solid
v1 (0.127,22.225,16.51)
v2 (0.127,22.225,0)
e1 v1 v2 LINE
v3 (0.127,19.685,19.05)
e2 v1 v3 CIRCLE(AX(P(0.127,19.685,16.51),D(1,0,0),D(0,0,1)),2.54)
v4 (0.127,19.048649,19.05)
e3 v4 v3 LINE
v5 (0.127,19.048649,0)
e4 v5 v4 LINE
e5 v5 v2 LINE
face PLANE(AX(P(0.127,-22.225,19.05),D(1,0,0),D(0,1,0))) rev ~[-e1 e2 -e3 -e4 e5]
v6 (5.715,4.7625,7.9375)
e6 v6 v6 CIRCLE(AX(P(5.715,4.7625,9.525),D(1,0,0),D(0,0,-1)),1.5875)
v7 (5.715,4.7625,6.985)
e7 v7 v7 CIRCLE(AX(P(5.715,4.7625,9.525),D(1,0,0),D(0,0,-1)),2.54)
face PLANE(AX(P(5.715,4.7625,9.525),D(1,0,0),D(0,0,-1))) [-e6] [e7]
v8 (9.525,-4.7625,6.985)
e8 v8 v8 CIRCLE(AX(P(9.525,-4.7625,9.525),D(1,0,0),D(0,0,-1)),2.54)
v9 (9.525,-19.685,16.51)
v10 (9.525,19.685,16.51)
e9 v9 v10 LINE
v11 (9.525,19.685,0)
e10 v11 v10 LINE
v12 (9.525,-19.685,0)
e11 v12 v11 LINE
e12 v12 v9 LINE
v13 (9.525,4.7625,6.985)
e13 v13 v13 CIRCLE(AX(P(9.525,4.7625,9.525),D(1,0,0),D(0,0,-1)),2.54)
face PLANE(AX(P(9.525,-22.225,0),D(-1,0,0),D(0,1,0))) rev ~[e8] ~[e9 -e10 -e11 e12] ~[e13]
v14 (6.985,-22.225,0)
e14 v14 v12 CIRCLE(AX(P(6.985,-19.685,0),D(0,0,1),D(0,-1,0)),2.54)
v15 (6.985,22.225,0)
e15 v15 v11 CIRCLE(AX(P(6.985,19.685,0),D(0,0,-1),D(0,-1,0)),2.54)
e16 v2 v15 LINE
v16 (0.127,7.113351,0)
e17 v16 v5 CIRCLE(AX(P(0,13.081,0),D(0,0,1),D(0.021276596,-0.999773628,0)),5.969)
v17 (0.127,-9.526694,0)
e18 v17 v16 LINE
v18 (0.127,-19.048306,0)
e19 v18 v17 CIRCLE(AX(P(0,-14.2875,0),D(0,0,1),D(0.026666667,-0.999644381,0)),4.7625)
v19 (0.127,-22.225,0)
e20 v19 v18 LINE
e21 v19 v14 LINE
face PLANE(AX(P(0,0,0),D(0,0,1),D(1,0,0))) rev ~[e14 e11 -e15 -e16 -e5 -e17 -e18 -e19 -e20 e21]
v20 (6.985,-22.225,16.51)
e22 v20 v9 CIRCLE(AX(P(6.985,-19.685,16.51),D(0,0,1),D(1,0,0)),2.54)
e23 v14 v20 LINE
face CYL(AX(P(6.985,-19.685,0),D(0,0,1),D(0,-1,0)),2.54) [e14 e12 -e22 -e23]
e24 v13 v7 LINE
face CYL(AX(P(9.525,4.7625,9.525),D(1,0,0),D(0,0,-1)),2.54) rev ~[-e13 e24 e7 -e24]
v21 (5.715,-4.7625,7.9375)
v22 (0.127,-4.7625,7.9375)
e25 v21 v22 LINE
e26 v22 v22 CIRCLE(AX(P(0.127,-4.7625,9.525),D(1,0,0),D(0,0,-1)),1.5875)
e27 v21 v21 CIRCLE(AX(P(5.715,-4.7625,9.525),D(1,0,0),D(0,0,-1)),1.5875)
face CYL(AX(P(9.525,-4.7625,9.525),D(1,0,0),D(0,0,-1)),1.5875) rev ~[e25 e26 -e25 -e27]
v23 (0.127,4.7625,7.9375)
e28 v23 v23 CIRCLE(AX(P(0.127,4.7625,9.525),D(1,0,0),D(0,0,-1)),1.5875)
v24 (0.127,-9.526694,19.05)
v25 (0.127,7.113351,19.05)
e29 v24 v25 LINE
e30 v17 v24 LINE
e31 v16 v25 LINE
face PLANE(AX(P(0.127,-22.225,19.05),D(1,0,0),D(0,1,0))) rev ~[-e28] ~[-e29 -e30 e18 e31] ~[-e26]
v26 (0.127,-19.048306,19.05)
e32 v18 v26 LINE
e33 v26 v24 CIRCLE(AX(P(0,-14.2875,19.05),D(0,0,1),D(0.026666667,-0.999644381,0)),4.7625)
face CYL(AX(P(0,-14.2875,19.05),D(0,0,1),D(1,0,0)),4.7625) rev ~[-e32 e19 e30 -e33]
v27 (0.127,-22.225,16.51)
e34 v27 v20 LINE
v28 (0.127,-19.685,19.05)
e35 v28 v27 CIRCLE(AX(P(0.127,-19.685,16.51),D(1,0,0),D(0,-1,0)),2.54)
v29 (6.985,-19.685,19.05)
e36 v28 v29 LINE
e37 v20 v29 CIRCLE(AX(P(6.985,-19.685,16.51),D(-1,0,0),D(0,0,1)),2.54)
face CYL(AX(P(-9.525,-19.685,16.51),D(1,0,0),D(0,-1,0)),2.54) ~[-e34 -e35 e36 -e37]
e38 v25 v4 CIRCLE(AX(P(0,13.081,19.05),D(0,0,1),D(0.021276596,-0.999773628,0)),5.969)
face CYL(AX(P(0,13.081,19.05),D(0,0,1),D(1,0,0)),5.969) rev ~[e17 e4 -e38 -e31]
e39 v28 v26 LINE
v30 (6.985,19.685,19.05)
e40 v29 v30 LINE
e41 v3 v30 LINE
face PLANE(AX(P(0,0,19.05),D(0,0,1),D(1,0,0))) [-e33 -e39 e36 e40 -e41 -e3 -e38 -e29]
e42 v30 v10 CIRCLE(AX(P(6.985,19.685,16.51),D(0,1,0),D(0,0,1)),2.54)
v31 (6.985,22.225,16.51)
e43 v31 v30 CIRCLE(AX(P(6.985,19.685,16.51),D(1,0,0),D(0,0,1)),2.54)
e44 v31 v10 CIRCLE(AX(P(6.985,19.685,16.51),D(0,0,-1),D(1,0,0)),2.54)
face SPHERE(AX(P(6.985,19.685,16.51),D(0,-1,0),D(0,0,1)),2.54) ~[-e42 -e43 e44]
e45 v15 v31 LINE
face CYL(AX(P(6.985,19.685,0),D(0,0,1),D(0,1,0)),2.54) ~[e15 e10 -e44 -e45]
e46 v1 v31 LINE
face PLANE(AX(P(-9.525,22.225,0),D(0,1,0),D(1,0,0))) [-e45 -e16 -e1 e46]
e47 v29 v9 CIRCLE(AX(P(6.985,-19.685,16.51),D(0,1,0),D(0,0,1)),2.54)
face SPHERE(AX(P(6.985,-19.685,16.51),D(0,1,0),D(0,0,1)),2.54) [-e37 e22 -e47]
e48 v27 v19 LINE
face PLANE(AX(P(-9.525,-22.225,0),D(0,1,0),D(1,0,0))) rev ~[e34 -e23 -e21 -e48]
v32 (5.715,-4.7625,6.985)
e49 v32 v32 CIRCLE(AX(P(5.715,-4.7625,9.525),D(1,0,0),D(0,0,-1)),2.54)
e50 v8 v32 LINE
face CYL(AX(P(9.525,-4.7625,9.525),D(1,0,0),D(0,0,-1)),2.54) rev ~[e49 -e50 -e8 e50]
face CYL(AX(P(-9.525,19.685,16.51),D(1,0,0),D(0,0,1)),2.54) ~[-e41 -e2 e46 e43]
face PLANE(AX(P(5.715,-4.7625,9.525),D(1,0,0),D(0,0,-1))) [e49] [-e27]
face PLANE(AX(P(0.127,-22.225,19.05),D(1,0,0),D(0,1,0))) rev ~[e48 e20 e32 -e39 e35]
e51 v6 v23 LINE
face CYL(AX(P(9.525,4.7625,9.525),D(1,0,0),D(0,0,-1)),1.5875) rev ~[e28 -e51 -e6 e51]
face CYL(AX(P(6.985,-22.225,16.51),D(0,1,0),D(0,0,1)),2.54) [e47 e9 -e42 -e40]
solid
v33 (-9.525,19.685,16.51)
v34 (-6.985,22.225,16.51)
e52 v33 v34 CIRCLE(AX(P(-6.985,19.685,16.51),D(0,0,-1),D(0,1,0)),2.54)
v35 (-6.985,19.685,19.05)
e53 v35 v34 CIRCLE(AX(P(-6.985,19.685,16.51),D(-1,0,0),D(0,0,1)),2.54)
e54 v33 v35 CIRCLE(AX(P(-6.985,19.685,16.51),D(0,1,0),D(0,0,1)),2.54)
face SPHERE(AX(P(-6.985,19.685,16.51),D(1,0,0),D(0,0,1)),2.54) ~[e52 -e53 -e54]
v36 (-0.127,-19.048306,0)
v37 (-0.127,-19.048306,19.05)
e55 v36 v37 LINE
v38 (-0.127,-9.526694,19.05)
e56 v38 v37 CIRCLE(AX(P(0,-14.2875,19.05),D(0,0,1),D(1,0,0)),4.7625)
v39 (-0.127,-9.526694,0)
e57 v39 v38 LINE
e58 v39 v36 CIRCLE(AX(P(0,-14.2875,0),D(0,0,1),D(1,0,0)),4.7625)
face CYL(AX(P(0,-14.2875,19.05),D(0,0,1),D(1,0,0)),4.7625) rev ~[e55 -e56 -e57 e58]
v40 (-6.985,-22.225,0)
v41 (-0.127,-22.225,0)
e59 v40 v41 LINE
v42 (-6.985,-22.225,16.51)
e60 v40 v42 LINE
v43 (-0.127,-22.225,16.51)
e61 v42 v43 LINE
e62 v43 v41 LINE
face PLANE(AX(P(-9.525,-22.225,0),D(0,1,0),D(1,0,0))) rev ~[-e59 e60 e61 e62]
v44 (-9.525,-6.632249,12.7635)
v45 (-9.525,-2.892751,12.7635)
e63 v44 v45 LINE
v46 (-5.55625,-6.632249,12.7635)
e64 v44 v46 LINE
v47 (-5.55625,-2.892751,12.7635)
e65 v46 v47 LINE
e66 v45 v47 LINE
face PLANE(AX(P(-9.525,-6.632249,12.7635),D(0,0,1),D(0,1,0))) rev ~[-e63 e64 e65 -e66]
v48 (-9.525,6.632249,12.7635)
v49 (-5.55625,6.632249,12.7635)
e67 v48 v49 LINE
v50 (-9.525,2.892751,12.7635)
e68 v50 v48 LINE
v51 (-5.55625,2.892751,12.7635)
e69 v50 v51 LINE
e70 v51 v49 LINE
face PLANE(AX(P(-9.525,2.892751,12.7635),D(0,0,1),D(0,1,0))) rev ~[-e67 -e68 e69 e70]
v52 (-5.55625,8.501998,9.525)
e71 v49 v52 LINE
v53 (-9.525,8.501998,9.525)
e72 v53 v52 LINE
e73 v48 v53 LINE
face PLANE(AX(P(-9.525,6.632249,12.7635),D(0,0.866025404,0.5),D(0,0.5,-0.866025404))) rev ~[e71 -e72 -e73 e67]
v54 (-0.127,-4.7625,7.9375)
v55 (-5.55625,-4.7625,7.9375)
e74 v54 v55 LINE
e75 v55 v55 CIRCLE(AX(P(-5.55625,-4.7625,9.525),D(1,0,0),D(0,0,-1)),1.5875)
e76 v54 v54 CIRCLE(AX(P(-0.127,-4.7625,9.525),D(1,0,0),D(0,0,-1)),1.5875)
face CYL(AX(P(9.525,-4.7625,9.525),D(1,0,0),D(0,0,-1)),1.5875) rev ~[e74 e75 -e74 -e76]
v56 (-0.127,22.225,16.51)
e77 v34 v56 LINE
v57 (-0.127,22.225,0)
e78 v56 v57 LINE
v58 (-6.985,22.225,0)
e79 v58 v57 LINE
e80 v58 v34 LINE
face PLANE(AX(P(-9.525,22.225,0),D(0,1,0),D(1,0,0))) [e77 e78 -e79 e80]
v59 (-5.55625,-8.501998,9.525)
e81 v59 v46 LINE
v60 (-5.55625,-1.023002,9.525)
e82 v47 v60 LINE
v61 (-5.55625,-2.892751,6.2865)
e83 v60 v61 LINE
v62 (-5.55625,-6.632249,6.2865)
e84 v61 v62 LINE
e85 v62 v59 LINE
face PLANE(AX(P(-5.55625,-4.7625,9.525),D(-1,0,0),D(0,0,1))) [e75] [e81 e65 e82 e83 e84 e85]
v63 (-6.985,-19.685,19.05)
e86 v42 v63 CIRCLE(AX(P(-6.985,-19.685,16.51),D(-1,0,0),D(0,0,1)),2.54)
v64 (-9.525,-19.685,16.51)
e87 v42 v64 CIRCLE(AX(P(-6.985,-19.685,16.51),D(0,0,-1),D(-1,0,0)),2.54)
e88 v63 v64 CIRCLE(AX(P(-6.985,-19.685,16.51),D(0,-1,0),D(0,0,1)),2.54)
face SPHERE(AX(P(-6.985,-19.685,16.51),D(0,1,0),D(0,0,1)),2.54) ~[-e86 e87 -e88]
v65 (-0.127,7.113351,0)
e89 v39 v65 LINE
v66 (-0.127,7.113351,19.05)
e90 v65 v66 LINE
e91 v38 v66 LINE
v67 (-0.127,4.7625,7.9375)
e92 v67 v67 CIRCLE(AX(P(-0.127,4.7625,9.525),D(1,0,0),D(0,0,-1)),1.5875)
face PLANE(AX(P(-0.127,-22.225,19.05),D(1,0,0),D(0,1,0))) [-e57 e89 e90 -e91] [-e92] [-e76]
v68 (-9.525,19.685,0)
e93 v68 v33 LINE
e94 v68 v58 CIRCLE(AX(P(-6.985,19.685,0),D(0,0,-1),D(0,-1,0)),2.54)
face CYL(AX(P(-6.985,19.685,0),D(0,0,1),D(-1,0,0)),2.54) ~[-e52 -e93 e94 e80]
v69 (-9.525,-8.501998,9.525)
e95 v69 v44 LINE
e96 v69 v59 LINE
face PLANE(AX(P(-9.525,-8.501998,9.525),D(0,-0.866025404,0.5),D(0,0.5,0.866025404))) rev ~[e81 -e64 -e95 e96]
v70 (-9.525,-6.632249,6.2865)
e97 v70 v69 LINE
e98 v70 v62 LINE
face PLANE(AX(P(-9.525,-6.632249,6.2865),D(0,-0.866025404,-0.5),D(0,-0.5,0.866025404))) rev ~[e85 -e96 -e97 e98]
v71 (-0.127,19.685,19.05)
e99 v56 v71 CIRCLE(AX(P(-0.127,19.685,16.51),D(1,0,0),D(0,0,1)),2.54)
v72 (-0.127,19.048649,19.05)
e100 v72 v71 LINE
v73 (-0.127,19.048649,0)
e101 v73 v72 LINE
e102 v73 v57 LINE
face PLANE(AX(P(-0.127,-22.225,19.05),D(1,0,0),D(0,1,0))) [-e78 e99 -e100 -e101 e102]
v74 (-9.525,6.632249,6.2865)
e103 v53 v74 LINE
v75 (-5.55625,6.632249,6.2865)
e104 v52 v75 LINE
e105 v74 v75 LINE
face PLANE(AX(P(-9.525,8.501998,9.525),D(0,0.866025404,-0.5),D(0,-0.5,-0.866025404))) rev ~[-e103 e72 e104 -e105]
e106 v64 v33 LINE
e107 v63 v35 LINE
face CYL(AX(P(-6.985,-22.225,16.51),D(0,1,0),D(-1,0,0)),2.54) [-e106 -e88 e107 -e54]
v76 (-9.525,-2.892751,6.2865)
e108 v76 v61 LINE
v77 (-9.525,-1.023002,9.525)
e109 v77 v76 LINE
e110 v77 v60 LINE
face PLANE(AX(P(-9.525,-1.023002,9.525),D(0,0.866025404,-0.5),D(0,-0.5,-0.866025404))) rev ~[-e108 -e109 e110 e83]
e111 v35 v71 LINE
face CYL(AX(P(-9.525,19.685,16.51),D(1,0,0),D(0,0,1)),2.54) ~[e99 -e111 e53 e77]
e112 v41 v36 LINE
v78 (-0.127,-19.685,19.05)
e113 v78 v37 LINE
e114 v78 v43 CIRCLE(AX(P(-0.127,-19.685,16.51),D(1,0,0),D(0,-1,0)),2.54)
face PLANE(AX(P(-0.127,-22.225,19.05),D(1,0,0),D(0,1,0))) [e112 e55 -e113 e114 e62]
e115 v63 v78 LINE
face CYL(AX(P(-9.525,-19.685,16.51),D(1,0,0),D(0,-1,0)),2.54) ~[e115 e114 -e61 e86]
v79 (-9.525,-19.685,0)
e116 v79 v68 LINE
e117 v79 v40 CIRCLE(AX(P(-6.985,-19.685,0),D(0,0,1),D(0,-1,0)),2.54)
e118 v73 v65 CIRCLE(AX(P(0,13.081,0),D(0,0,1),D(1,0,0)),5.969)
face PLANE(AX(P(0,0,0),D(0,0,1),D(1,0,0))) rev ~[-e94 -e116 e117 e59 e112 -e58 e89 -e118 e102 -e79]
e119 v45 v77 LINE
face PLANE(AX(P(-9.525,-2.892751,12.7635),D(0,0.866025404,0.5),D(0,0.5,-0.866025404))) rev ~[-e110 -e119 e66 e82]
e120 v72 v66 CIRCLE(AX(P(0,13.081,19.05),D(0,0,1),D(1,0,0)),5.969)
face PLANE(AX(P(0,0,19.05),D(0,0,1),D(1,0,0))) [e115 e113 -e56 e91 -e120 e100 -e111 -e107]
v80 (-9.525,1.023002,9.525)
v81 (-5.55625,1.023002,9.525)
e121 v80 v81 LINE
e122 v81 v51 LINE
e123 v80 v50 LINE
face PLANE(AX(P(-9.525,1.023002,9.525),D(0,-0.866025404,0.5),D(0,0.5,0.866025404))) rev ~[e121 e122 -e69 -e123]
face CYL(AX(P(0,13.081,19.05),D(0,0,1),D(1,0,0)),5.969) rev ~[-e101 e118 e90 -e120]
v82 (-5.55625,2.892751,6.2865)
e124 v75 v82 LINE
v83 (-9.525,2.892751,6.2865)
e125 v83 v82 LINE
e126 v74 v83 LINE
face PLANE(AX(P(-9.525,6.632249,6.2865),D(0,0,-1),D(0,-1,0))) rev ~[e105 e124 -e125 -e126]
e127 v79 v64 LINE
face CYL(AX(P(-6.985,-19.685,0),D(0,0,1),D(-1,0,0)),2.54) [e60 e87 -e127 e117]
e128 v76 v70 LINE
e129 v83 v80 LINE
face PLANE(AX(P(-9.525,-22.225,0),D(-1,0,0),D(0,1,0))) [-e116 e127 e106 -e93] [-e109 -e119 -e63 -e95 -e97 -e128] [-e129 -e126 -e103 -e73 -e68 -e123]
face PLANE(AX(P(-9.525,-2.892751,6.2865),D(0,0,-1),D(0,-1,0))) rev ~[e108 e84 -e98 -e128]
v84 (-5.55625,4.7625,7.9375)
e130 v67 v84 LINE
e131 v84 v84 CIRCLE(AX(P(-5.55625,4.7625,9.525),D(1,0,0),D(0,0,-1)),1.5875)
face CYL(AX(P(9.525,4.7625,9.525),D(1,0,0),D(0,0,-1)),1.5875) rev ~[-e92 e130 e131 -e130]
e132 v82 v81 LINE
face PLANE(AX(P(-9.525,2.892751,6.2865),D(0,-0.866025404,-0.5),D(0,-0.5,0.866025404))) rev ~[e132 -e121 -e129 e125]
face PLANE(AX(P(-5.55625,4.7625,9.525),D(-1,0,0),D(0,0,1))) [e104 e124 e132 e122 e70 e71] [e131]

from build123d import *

# Parameters (mm, degrees)
SKETCH1_W           = 19.05
SKETCH1_H           = 44.45
BOSS_EXTRUDE1_DEPTH = 19.05
CUT_EXTRUDE1_REACH  = 21.05
SKETCH2_R           = 5.969
SKETCH2_R_2         = 4.7625
CUT_EXTRUDE2_REACH  = 21.05
SKETCH3_R           = 1.5875
SKETCH6_R           = 2.54
CUT_EXTRUDE5_DEPTH  = 3.81
CUT_EXTRUDE3_DEPTH  = 3.96875
FILLET1_R           = 2.54
CUT_EXTRUDE4_START  = -19.05
SKETCH5_W           = 0.254
SKETCH5_H           = 44.45
CUT_EXTRUDE4_DEPTH  = 19.05


with BuildPart() as part:
    # Sketch1 → Boss-Extrude1 (new body)
    with BuildSketch(Plane.XY):
        Rectangle(SKETCH1_W, SKETCH1_H)
    extrude(amount=BOSS_EXTRUDE1_DEPTH)

    # Sketch2 → Cut-Extrude1 (cut, up to next)
    with BuildSketch(Plane.XY.offset(19.05), mode=Mode.PRIVATE) as cut_extrude1_sk1:
        with Locations((0, 13.081)):
            Circle(SKETCH2_R)
    cut_extrude1_tool1 = extrude(cut_extrude1_sk1.sketch, amount=-CUT_EXTRUDE1_REACH, mode=Mode.PRIVATE) & part.part
    add(cut_extrude1_tool1.solids().sort_by_distance((0, 13.081, 19.05))[0], mode=Mode.SUBTRACT)
    # Sketch2 → Cut-Extrude1 (cut, up to next)
    with BuildSketch(Plane.XY.offset(19.05), mode=Mode.PRIVATE) as cut_extrude1_sk2:
        with Locations((0, -14.2875)):
            Circle(SKETCH2_R_2)
    cut_extrude1_tool2 = extrude(cut_extrude1_sk2.sketch, amount=-CUT_EXTRUDE1_REACH, mode=Mode.PRIVATE) & part.part
    add(cut_extrude1_tool2.solids().sort_by_distance((0, -14.2875, 19.05))[0], mode=Mode.SUBTRACT)

    # Sketch3 → Cut-Extrude2 (cut, up to next)
    with BuildSketch(Plane(origin=(9.525, 0, 0), x_dir=(0, 0, -1), z_dir=(1, 0, 0)), mode=Mode.PRIVATE) as cut_extrude2_sk1:
        with Locations((-9.525, -4.7625)):
            Circle(SKETCH3_R)
    cut_extrude2_tool1 = extrude(cut_extrude2_sk1.sketch, amount=-CUT_EXTRUDE2_REACH, mode=Mode.PRIVATE) & part.part
    add(cut_extrude2_tool1.solids().sort_by_distance((9.525, -4.7625, 9.525))[0], mode=Mode.SUBTRACT)
    # Sketch3 → Cut-Extrude2 (cut, up to next)
    with BuildSketch(Plane(origin=(9.525, 0, 0), x_dir=(0, 0, -1), z_dir=(1, 0, 0)), mode=Mode.PRIVATE) as cut_extrude2_sk2:
        with Locations((-9.525, 4.7625)):
            Circle(SKETCH3_R)
    cut_extrude2_tool2 = extrude(cut_extrude2_sk2.sketch, amount=-CUT_EXTRUDE2_REACH, mode=Mode.PRIVATE) & part.part
    add(cut_extrude2_tool2.solids().sort_by_distance((9.525, 4.7625, 9.525))[0], mode=Mode.SUBTRACT)

    # Sketch6 → Cut-Extrude5 (cut)
    with BuildSketch(Plane(origin=(9.525, 0, 0), x_dir=(0, 0, -1), z_dir=(1, 0, 0))):
        with Locations((-9.525, -4.7625)):
            Circle(SKETCH6_R)
        with Locations((-9.525, 4.7625)):
            Circle(SKETCH6_R)
    extrude(amount=-CUT_EXTRUDE5_DEPTH, mode=Mode.SUBTRACT)

    # Sketch4 → Cut-Extrude3 (cut)
    with BuildSketch(Plane.ZY.offset(9.525)):
        Polygon((9.525, 1.023002306), (12.7635, 2.892751153), (12.7635, 6.632248847), (9.525, 8.501997694), (6.2865, 6.632248847), (6.2865, 2.892751153), align=None)
        Polygon((9.525, -8.501997694), (12.7635, -6.632248847), (12.7635, -2.892751153), (9.525, -1.023002306), (6.2865, -2.892751153), (6.2865, -6.632248847), align=None)
    extrude(amount=-CUT_EXTRUDE3_DEPTH, mode=Mode.SUBTRACT)

    # Fillet1
    fillet1_edges = [part.edges().sort_by_distance(p)[0] for p in [
        (9.525, 0, 19.05),
        (0, 22.225, 19.05),
        (-9.525, 0, 19.05),
        (0, -22.225, 19.05),
        (-9.525, 22.225, 9.525),
        (9.525, 22.225, 9.525),
        (9.525, -22.225, 9.525),
        (-9.525, -22.225, 9.525),
    ]]
    fillet(fillet1_edges, radius=FILLET1_R)

    # Sketch5 → Cut-Extrude4 (cut)
    with BuildSketch(Plane(origin=(0, 0, 0), x_dir=(-1, 0, 0), z_dir=(0, 0, -1)).offset(CUT_EXTRUDE4_START)):
        Rectangle(SKETCH5_W, SKETCH5_H)
    extrude(amount=CUT_EXTRUDE4_DEPTH, mode=Mode.SUBTRACT)


solid = part.part
